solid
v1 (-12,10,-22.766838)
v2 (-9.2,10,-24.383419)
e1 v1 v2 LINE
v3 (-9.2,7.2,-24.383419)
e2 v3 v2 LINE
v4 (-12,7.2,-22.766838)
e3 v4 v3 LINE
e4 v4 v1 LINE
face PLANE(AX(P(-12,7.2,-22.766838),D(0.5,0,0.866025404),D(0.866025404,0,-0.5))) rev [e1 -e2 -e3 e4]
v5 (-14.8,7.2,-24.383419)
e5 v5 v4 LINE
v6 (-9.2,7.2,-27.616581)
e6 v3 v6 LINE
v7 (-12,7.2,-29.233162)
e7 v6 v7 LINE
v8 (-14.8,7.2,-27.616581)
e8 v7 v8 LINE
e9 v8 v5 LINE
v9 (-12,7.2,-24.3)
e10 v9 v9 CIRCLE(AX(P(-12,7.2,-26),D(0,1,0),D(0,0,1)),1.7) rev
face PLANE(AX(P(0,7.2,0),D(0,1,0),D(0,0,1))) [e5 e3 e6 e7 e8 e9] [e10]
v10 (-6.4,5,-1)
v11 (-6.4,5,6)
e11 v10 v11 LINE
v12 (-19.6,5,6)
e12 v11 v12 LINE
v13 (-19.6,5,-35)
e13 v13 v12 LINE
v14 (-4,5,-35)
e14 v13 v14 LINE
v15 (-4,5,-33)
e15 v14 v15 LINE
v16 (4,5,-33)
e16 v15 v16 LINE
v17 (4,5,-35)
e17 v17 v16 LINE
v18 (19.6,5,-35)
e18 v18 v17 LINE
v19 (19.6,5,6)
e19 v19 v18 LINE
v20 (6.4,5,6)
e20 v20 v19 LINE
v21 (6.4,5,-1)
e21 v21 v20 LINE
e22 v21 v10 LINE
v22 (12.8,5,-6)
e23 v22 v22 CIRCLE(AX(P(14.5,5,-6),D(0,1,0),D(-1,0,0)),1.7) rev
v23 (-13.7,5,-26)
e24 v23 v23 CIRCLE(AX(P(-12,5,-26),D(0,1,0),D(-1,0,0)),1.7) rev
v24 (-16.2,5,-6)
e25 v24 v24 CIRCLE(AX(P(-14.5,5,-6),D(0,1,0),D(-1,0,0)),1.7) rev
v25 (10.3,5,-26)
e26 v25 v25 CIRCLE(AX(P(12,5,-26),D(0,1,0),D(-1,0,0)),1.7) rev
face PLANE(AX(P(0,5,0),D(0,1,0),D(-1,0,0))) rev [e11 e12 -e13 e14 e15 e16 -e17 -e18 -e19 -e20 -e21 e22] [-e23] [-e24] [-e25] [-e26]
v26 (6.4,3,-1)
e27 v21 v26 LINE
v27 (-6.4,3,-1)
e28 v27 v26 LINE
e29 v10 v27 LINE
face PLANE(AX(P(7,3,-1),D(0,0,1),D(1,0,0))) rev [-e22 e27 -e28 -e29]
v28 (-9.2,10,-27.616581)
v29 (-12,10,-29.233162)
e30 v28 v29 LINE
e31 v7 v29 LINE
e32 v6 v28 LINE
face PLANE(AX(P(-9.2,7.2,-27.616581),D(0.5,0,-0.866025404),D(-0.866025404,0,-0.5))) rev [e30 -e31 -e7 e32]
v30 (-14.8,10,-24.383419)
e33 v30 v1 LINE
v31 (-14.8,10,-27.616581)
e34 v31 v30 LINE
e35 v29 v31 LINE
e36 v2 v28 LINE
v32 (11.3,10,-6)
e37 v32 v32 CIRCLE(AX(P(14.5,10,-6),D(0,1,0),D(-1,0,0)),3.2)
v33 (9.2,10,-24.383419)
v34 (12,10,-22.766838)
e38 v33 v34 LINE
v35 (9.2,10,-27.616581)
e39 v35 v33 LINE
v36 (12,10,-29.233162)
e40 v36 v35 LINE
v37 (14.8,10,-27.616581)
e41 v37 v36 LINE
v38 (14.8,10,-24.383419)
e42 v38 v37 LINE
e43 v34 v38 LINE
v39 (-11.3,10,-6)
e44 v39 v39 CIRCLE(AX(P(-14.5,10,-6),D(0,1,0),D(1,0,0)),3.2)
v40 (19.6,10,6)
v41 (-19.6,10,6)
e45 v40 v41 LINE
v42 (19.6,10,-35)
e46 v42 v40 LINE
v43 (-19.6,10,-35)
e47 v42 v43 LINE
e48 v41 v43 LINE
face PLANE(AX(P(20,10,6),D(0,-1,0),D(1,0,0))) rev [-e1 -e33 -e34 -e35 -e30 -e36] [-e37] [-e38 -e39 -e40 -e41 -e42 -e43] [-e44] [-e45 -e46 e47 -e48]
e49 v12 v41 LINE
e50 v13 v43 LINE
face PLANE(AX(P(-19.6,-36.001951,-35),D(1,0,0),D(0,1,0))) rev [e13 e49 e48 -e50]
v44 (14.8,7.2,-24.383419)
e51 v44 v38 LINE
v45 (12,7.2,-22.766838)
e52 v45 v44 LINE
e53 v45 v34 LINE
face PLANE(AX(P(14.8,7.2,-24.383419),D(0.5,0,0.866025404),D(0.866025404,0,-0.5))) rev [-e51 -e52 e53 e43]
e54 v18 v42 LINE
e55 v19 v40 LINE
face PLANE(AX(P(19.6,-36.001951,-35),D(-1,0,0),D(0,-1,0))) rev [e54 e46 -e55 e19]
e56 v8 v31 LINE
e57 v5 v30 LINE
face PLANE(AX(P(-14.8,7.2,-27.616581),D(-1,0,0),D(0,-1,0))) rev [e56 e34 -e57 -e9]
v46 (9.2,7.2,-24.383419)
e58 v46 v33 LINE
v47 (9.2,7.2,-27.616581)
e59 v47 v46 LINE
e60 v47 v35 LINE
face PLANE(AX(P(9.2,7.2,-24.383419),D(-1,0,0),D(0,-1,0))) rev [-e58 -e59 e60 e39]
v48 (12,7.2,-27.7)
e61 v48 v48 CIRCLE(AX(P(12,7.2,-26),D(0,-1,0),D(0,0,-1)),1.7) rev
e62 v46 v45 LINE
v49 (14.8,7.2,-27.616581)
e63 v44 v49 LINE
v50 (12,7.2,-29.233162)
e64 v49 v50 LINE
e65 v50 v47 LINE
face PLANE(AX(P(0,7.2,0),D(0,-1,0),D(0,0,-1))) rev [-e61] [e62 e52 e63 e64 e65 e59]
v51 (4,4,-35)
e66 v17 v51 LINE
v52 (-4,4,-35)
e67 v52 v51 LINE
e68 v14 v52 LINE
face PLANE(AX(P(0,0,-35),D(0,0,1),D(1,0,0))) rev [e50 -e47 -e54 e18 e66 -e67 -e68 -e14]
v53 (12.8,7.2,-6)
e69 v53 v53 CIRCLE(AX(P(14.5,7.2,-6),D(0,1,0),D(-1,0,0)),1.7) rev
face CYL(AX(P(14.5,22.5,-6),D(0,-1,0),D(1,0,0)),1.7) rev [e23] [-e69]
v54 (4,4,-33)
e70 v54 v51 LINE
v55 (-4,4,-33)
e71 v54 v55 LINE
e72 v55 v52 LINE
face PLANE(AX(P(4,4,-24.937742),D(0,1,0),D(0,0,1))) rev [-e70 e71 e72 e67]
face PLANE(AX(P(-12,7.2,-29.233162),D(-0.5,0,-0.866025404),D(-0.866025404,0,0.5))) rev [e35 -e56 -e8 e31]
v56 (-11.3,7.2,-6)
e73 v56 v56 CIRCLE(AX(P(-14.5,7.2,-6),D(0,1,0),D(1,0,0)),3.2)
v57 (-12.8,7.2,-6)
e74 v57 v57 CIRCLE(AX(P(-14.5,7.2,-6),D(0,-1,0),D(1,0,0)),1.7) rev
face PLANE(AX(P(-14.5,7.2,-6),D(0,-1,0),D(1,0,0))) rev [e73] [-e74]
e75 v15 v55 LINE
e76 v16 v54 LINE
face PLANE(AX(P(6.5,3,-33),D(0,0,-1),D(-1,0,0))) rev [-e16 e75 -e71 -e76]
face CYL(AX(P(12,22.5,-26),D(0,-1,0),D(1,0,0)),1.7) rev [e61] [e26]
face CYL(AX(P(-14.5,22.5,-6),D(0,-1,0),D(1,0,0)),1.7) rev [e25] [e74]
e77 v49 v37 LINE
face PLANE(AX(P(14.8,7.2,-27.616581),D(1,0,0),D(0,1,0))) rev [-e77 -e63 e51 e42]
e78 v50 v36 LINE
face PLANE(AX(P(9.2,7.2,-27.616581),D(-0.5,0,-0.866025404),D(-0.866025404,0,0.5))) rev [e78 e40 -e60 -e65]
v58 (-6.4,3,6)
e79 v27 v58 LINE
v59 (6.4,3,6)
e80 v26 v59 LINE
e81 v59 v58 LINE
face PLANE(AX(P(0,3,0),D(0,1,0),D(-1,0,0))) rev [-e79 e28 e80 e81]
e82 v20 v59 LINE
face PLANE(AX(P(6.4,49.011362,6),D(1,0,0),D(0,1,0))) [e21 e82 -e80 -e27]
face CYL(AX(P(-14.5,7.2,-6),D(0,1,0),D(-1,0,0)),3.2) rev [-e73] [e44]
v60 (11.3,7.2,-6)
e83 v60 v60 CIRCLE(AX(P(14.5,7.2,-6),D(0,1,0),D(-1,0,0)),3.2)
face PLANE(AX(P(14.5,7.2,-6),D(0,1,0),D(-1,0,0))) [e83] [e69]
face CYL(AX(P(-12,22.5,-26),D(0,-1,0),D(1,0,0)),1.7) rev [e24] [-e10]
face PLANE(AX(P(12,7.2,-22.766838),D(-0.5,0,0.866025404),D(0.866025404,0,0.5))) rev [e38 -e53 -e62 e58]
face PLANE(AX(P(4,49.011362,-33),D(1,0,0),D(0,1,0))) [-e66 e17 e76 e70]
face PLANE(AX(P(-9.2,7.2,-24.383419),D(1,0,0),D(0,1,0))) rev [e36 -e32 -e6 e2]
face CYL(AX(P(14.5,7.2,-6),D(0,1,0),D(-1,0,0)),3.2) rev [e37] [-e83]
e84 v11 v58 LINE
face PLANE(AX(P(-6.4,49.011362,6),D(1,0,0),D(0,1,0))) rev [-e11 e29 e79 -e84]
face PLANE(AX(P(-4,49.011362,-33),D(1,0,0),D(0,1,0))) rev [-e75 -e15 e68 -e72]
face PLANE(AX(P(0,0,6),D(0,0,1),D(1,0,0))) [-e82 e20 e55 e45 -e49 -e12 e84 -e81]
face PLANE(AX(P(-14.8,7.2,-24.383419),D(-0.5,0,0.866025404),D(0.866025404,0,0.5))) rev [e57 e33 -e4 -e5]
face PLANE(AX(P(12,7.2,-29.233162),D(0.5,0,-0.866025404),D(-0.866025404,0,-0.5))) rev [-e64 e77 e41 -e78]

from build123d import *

# Parameters (mm, degrees)
SKETCH_1_W          = 40
SKETCH_1_H          = 20
EXTRUDE_1_DEPTH     = 6
SKETCH_2_W          = 40
SKETCH_2_H          = 32.5
EXTRUDE_2_DEPTH     = 35
CUT_EXTRUDE_1_DEPTH = 13
CUT_EXTRUDE_2_DEPTH = 2
SKETCH_6_W          = 40
SKETCH_6_H          = 41
CUT_EXTRUDE_3_DEPTH = 5
SKETCH_8_R          = 1.7
CUT_EXTRUDE_4_DEPTH = 49.79805324
SKETCH_9_W          = 40
SKETCH_9_H          = 12.5
SKETCH_9_H_2        = 8
CUT_EXTRUDE_5_DEPTH = 41
CUT_EXTRUDE_6_DEPTH = 2
SKETCH_11_R         = 3.2
CUT_EXTRUDE_7_DEPTH = 2.8
SKETCH_12_W         = 0.4
SKETCH_12_H         = 41
CUT_EXTRUDE_8_DEPTH = 5
SKETCH_13_W         = 8
SKETCH_13_H         = 1
CUT_EXTRUDE_9_DEPTH = 2


with BuildPart() as part:
    # Эскиз1 → Бобышка-Вытянуть1 (new body)
    with BuildSketch(Plane.XY):
        Rectangle(SKETCH_1_W, SKETCH_1_H)
    extrude(amount=EXTRUDE_1_DEPTH)

    # Эскиз2 → Бобышка-Вытянуть2 (add)
    with BuildSketch(Plane(origin=(0, 0, 0), x_dir=(-1, 0, 0), z_dir=(0, 0, -1))):
        with Locations((0, 6.25)):
            Rectangle(SKETCH_2_W, SKETCH_2_H)
    extrude(amount=EXTRUDE_2_DEPTH)

    # Эскиз3 → Вырез-Вытянуть1 (cut)
    with BuildSketch(Plane.XZ.offset(10)):
        Polygon((-7, 6), (-7, -1), (-9, -1), (-9, -23), (-6.5, -26), (-6.5, -33), (-4.5, -33), (-4.5, -35), (4.5, -35), (4.5, -33), (6.5, -33), (6.5, -26), (9, -23), (9, -1), (7, -1), (7, 6), align=None)
    extrude(amount=-CUT_EXTRUDE_1_DEPTH, mode=Mode.SUBTRACT)

    # Эскиз5 → Вырез-Вытянуть2 (cut)
    with BuildSketch(Plane.XZ.offset(-3)):
        Polygon((-9, -1), (9, -1), (9, -23), (6.5, -26), (6.5, -33), (-6.5, -33), (-6.5, -26), (-9, -23), align=None)
    extrude(amount=-CUT_EXTRUDE_2_DEPTH, mode=Mode.SUBTRACT)

    # Эскиз6 → Вырез-Вытянуть3 (cut)
    with BuildSketch(Plane.XZ.offset(10)):
        with Locations((0, -14.5)):
            Rectangle(SKETCH_6_W, SKETCH_6_H)
    extrude(amount=-CUT_EXTRUDE_3_DEPTH, mode=Mode.SUBTRACT)

    # Эскиз8 → Вырез-Вытянуть4 (cut, through all)
    with BuildSketch(Plane.XZ.offset(5)):
        with Locations((12, -26)):
            Circle(SKETCH_8_R)
        with Locations((14.5, -6)):
            Circle(SKETCH_8_R)
        with Locations(Location((-12, -26, 0), (0, 0, 180))):
            Circle(SKETCH_8_R)
        with Locations(Location((-14.5, -6, 0), (0, 0, 180))):
            Circle(SKETCH_8_R)
    extrude(amount=-CUT_EXTRUDE_4_DEPTH, mode=Mode.SUBTRACT)

    # Эскиз9 → Вырез-Вытянуть5 (cut)
    with BuildSketch(Plane.XY.offset(6)):
        with Locations((0, 16.25)):
            Rectangle(SKETCH_9_W, SKETCH_9_H)
        with Locations((0, -1)):
            Rectangle(SKETCH_9_W, SKETCH_9_H_2)
    extrude(amount=-CUT_EXTRUDE_5_DEPTH, mode=Mode.SUBTRACT)

    # Эскиз10 → Вырез-Вытянуть6 (cut)
    with BuildSketch(Plane.XZ.offset(-3)):
        Polygon((-20, 6), (-6.4, 6), (-6.4, -1), (-4, -33), (-4, -35), (-20, -35), align=None)
    cut_extrude_6 = extrude(amount=-CUT_EXTRUDE_6_DEPTH, mode=Mode.SUBTRACT)

    # Зеркальное отражение1: Вырез-Вытянуть6 across plane
    add(cut_extrude_6.mirror(Plane(origin=(0, 0, 0), x_dir=(0, 0, 1), z_dir=(1, 0, 0))), mode=Mode.SUBTRACT)

    # Эскиз11 → Вырез-Вытянуть7 (cut)
    with BuildSketch(Plane(origin=(0, 10, 0), x_dir=(1, 0, 0), z_dir=(0, 1, 0))):
        with Locations(Location((14.5, 6, 0), (0, 0, 180))):
            Circle(SKETCH_11_R)
        with Locations((-14.5, 6)):
            Circle(SKETCH_11_R)
        Polygon((-12, 29.233161507), (-14.8, 27.616580754), (-14.8, 24.383419246), (-12, 22.766838493), (-9.2, 24.383419246), (-9.2, 27.616580754), align=None)
        Polygon((9.2, 27.616580754), (12, 29.233161507), (14.8, 27.616580754), (14.8, 24.383419246), (12, 22.766838493), (9.2, 24.383419246), align=None)
    extrude(amount=-CUT_EXTRUDE_7_DEPTH, mode=Mode.SUBTRACT)

    # Эскиз12 → Вырез-Вытянуть8 (cut)
    with BuildSketch(Plane(origin=(0, 10, 0), x_dir=(1, 0, 0), z_dir=(0, 1, 0))):
        with Locations((-19.8, 14.5)):
            Rectangle(SKETCH_12_W, SKETCH_12_H)
        with Locations((19.8, 14.5)):
            Rectangle(SKETCH_12_W, SKETCH_12_H)
    extrude(amount=-CUT_EXTRUDE_8_DEPTH, mode=Mode.SUBTRACT)

    # Эскиз13 → Вырез-Вытянуть9 (cut)
    with BuildSketch(Plane(origin=(0, 0, -35), x_dir=(-1, 0, 0), z_dir=(0, 0, -1))):
        with Locations((0, 3.5)):
            Rectangle(SKETCH_13_W, SKETCH_13_H)
    extrude(amount=-CUT_EXTRUDE_9_DEPTH, mode=Mode.SUBTRACT)


solid = part.part
